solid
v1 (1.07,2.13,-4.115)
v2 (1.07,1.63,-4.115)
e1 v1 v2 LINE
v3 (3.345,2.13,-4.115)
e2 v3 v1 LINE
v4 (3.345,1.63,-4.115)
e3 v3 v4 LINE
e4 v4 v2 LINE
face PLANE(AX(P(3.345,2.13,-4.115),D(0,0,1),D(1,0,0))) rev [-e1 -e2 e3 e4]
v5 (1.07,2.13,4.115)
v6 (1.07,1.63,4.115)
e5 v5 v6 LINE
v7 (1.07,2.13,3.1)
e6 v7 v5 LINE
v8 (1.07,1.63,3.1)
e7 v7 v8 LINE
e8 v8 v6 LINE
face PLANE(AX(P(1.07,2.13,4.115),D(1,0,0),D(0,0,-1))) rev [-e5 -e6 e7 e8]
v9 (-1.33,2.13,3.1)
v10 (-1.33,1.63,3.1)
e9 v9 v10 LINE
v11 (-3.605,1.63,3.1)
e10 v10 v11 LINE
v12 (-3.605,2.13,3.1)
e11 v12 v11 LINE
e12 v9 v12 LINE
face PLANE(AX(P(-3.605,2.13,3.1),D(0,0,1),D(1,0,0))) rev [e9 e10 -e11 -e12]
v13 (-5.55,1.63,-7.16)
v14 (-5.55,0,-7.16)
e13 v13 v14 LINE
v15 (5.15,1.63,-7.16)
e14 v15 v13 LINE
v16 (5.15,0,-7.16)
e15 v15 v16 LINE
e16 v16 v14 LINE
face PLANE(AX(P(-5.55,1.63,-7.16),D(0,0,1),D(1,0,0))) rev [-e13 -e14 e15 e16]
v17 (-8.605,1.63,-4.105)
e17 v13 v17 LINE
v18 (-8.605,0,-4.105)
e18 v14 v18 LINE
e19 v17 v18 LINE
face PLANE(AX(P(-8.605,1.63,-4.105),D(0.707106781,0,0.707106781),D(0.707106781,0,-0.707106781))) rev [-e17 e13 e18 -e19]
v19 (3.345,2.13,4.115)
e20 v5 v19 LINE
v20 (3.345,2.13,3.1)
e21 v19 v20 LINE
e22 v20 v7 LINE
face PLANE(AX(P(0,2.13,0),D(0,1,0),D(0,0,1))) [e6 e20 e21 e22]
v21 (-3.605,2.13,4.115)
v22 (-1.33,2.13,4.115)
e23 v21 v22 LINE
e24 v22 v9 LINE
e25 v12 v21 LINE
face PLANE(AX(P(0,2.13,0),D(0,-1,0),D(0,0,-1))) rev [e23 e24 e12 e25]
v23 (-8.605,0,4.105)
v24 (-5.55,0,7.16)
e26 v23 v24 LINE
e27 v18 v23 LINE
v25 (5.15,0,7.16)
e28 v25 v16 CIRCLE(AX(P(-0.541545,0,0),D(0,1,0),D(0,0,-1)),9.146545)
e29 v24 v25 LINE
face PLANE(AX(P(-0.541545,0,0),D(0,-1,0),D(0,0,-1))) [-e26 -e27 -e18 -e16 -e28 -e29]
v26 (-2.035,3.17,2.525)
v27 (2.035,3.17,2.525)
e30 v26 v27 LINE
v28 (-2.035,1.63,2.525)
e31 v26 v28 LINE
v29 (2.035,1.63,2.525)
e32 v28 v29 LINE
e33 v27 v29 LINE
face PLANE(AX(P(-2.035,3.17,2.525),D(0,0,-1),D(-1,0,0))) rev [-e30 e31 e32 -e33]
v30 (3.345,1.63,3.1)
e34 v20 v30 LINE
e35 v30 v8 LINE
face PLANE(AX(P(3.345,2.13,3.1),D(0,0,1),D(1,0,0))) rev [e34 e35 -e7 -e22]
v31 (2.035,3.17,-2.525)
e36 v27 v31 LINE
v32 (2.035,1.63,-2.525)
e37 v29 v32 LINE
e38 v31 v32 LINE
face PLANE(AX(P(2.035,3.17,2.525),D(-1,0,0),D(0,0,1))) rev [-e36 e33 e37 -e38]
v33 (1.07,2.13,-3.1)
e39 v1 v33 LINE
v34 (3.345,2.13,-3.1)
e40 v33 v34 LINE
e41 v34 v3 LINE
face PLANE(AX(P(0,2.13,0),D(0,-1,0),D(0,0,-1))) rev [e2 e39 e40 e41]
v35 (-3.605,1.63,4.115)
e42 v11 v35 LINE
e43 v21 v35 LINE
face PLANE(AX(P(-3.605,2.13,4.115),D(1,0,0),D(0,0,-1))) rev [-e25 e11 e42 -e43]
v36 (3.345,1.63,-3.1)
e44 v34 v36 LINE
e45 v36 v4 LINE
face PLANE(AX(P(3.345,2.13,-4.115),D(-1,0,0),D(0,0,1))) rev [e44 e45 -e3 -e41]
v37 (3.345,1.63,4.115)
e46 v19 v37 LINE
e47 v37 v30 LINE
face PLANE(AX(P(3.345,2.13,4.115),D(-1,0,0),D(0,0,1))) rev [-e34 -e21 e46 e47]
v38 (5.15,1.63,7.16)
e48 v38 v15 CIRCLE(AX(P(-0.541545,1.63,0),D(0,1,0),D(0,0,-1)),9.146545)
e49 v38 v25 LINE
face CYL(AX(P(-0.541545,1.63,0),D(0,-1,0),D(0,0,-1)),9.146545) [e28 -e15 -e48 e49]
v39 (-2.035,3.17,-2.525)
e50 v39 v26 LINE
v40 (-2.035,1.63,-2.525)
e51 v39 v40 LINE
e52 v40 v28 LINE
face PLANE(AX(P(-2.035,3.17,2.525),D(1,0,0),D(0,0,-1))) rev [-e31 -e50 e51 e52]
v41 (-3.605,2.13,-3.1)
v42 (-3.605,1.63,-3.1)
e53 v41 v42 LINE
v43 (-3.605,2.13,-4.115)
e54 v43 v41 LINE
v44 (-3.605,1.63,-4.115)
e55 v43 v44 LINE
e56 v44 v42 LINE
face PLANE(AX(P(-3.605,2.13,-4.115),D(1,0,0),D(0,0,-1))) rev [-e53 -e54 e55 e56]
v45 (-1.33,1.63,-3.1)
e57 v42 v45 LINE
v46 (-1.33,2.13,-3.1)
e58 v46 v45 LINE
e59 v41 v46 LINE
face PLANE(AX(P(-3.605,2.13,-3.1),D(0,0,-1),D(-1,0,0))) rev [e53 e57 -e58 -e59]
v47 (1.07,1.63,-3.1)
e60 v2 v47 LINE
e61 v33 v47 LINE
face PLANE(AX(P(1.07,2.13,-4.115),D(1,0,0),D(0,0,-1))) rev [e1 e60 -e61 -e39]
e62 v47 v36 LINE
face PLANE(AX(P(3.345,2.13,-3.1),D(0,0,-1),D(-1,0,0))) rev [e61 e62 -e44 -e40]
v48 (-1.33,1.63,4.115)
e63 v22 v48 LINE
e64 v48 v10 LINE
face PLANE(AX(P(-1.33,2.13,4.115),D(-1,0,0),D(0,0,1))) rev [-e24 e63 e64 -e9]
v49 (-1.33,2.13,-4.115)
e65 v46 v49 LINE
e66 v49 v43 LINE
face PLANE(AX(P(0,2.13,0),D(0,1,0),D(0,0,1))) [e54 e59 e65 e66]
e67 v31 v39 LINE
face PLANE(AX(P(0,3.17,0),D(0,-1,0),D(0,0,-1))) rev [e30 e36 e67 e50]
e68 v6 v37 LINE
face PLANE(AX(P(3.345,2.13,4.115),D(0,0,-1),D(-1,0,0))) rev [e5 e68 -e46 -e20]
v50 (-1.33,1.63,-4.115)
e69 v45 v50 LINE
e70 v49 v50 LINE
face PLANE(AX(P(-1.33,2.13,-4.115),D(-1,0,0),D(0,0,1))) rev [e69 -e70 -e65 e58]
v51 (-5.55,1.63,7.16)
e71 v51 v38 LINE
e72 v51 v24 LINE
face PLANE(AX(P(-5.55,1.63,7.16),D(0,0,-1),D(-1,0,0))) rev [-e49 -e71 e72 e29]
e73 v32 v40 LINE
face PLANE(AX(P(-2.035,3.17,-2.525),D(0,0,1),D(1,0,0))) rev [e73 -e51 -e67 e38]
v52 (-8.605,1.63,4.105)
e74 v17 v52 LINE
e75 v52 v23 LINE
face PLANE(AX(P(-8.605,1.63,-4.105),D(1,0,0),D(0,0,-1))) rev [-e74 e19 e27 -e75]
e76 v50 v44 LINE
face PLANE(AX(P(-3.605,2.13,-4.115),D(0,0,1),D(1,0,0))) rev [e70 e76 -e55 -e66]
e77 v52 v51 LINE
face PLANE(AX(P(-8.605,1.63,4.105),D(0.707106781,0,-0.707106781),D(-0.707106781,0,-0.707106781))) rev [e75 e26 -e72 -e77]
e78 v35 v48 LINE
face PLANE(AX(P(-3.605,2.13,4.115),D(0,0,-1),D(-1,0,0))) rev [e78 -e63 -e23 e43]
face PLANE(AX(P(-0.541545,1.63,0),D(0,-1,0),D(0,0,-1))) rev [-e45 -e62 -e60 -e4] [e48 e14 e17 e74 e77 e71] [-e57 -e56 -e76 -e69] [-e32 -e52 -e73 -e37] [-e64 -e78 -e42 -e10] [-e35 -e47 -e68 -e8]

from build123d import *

# Parameters (mm, degrees)
BOSS_EXTRUDE1_DEPTH = 1.63
SKETCH2_W           = 4.07
SKETCH2_H           = 5.05
BOSS_EXTRUDE2_DEPTH = 1.54
SKETCH3_W           = 2.275
SKETCH3_H           = 1.015
BOSS_EXTRUDE3_DEPTH = 0.5


with BuildPart() as part:
    # Sketch1 → Boss-Extrude1 (new body)
    with BuildSketch(Plane(origin=(0, 0, 0), x_dir=(1, 0, 0), z_dir=(0, 1, 0))):
        with BuildLine():
            Line((-8.605, 4.105), (-8.605, -4.105))
            Line((-8.605, -4.105), (-5.55, -7.16))
            Line((-5.55, -7.16), (5.15, -7.16))
            ThreePointArc((5.15, -7.16), (8.605, 0), (5.15, 7.16))
            Line((5.15, 7.16), (-5.55, 7.16))
            Line((-5.55, 7.16), (-8.605, 4.105))
        make_face()
    extrude(amount=BOSS_EXTRUDE1_DEPTH)

    # Sketch2 → Boss-Extrude2 (add)
    with BuildSketch(Plane(origin=(0, 1.63, 0), x_dir=(1, 0, 0), z_dir=(0, 1, 0))):
        Rectangle(SKETCH2_W, SKETCH2_H)
    extrude(amount=BOSS_EXTRUDE2_DEPTH)

    # Sketch3 → Boss-Extrude3 (add)
    with BuildSketch(Plane(origin=(0, 1.63, 0), x_dir=(1, 0, 0), z_dir=(0, 1, 0))):
        with Locations((-2.4675, 3.6075)):
            Rectangle(SKETCH3_W, SKETCH3_H)
        with Locations((2.2075, 3.6075)):
            Rectangle(SKETCH3_W, SKETCH3_H)
        with Locations((-2.4675, -3.6075)):
            Rectangle(SKETCH3_W, SKETCH3_H)
        with Locations((2.2075, -3.6075)):
            Rectangle(SKETCH3_W, SKETCH3_H)
    extrude(amount=BOSS_EXTRUDE3_DEPTH)


solid = part.part
